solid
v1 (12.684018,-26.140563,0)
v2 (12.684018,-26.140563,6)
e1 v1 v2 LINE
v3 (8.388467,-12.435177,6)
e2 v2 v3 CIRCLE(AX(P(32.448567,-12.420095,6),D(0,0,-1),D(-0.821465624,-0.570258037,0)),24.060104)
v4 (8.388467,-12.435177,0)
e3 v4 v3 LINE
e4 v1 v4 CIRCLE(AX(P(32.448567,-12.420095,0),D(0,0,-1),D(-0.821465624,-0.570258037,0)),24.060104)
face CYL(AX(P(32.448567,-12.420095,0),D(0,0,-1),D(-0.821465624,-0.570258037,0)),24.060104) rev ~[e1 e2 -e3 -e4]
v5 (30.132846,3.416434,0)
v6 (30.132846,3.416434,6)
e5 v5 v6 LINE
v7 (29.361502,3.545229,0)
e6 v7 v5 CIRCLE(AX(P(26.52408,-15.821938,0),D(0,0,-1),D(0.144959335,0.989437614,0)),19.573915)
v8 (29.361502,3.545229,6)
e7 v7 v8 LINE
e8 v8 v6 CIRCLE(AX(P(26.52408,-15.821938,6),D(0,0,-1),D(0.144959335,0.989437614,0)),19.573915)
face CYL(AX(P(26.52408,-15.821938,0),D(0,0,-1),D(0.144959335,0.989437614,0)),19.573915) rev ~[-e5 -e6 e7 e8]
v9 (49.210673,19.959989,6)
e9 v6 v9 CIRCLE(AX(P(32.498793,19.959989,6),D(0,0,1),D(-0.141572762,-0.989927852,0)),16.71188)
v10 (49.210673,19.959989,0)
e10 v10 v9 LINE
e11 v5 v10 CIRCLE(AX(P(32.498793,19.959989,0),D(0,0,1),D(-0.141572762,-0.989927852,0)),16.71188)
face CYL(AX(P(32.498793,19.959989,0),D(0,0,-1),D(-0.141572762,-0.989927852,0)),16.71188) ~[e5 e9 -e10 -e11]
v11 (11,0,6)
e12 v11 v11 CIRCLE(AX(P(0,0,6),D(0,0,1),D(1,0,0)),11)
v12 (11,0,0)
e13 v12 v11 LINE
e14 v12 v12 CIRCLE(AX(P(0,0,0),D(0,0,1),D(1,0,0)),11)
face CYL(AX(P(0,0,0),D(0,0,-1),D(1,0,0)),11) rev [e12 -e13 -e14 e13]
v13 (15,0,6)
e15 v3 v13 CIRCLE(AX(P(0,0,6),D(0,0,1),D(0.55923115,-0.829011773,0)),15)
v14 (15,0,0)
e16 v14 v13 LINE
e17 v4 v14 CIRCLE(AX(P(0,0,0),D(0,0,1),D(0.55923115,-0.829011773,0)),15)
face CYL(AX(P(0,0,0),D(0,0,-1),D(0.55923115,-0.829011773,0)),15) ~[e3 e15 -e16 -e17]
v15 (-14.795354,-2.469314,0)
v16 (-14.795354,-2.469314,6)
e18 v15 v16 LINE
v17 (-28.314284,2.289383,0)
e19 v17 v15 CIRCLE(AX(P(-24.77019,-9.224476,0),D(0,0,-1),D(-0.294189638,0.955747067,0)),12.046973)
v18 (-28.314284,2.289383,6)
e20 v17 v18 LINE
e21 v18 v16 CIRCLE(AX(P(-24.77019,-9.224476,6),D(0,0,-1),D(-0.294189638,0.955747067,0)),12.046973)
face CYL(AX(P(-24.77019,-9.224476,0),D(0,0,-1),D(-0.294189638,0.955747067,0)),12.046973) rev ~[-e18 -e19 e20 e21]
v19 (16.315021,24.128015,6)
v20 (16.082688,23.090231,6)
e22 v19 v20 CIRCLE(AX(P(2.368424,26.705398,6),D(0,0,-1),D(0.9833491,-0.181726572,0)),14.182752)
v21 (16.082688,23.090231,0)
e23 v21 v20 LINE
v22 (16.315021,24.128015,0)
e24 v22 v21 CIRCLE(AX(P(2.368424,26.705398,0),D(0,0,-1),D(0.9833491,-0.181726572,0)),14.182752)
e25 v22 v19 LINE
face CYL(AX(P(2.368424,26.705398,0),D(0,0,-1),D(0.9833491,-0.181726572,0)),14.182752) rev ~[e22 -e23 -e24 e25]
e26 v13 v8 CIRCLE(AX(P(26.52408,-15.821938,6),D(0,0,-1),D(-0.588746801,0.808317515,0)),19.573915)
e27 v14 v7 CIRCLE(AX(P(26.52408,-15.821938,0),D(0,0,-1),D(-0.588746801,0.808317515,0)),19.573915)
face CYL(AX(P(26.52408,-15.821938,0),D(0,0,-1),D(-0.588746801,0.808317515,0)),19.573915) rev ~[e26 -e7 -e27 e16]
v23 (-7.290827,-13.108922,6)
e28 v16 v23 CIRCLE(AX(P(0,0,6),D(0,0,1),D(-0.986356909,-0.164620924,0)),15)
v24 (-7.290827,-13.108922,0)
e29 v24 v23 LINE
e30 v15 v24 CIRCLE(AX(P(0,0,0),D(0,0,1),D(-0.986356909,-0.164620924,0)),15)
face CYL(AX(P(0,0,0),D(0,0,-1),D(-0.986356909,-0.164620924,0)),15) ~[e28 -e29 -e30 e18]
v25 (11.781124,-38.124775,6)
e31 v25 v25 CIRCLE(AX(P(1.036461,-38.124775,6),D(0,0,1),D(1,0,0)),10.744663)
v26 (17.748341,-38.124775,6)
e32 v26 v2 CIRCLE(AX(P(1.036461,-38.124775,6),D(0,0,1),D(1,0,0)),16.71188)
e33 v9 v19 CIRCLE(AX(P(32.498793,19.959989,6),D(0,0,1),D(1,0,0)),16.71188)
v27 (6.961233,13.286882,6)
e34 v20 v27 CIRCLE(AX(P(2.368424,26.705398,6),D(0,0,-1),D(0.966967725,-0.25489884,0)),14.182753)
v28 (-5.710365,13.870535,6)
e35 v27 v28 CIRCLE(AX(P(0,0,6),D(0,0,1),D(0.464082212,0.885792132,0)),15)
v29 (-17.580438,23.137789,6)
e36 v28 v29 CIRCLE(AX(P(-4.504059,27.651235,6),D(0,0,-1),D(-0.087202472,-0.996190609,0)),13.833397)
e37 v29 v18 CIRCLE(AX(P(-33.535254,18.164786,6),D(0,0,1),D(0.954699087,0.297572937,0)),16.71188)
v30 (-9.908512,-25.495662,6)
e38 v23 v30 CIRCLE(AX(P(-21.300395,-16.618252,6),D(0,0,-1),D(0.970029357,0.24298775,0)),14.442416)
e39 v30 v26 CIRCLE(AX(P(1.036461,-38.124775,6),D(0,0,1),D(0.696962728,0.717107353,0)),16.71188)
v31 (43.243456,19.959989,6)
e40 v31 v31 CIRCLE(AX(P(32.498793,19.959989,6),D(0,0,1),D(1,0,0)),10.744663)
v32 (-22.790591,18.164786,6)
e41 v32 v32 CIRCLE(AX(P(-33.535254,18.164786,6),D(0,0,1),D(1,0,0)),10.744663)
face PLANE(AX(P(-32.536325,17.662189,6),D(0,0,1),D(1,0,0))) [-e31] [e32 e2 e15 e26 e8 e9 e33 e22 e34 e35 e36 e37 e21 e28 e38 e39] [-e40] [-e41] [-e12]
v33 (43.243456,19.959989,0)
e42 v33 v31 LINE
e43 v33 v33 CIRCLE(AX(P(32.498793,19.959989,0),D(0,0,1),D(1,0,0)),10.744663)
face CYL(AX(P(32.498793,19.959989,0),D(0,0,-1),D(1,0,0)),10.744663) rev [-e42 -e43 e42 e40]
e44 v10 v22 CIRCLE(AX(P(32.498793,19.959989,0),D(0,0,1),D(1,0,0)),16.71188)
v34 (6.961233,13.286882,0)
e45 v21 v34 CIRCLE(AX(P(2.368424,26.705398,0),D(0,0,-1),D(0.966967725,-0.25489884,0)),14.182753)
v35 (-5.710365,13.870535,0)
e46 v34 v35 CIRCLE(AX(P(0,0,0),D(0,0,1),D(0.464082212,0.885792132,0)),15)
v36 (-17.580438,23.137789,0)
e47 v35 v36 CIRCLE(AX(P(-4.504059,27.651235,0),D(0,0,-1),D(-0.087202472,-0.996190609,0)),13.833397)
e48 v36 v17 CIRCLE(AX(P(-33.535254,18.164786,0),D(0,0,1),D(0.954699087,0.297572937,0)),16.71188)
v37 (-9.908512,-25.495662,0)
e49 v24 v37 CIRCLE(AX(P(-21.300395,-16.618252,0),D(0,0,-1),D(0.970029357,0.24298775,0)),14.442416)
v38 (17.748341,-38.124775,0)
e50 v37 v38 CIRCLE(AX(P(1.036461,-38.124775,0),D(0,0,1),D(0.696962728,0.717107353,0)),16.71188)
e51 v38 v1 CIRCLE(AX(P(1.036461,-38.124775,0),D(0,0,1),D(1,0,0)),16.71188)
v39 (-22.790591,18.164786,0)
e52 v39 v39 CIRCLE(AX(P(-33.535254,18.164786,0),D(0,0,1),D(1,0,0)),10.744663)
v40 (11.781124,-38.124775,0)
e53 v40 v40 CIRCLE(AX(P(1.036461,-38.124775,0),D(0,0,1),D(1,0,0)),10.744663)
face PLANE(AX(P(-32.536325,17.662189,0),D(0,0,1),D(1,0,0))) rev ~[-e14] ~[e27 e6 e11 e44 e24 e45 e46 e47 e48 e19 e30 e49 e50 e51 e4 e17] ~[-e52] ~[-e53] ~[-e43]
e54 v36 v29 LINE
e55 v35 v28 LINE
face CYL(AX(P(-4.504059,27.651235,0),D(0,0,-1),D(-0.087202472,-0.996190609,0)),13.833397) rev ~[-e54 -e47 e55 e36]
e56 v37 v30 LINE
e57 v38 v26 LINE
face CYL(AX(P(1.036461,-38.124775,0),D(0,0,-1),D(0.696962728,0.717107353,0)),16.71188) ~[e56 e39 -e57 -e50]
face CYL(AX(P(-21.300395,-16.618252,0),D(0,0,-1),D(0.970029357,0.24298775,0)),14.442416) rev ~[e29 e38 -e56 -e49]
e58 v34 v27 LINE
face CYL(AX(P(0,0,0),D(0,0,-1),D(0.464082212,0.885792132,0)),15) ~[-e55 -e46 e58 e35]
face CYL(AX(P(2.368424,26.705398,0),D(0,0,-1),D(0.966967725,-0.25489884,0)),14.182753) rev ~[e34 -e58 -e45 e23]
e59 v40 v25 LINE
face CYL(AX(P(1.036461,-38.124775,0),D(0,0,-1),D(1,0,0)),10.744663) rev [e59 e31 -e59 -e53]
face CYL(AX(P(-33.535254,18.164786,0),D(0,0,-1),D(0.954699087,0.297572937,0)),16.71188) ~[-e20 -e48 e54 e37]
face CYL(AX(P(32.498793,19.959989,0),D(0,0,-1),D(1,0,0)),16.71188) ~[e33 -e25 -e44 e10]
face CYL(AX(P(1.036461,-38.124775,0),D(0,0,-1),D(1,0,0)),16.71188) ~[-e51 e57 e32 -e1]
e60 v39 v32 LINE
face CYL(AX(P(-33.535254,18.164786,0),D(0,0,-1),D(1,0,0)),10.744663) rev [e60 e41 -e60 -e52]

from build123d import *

# Parameters (mm, degrees)
F0_R     = 10.74466317
F0_R_2   = 11
F1_DEPTH = 6


with BuildPart() as f1:
    # F0 (on Top) → F1 (new body)
    with BuildSketch(Plane.XY):
        with BuildLine():
            ThreePointArc((-16.8233741569, 18.1647857973), (-17.0137240595, 20.6799351489), (-17.5804375602, 23.1377889189))
            ThreePointArc((-17.5804375602, 23.1377889189), (-48.3935000217, 25.8145860633), (-28.3142843523, 2.289383422))
            ThreePointArc((-28.3142843523, 2.289383422), (-19.9975447193, 8.3659412519), (-16.8233741569, 18.1647857973))
        make_face()
        with Locations((-33.5352538585, 18.1647857973)):
            Circle(F0_R, mode=Mode.SUBTRACT)
        with BuildLine():
            ThreePointArc((-14.7953536316, -2.469313855), (-13.1098736478, 7.2891160601), (-5.7103650862, 13.8705346177))
            ThreePointArc((-5.7103650862, 13.8705346177), (-13.0169474505, 16.7474006606), (-17.5804375602, 23.1377889189))
            ThreePointArc((-17.5804375602, 23.1377889189), (-17.0137240595, 20.6799351489), (-16.8233741569, 18.1647857973))
            ThreePointArc((-16.8233741569, 18.1647857973), (-19.9975447193, 8.3659412519), (-28.3142843523, 2.289383422))
            ThreePointArc((-28.3142843523, 2.289383422), (-20.7702010855, 2.1390471588), (-14.7953536316, -2.469313855))
        make_face()
        with BuildLine():
            ThreePointArc((8.3884672548, -12.4351766017), (13.2443763315, -7.0417679306), (15, 0))
            ThreePointArc((15, 0), (12.833910114, 7.764711919), (6.9612331753, 13.2868819773))
            ThreePointArc((6.9612331753, 13.2868819773), (0.6901668966, 14.9841139096), (-5.7103650862, 13.8705346177))
            ThreePointArc((-5.7103650862, 13.8705346177), (-13.1098736478, 7.2891160601), (-14.7953536316, -2.469313855))
            ThreePointArc((-14.7953536316, -2.469313855), (-12.2576572115, -8.6457989616), (-7.2908270092, -13.1089222105))
            ThreePointArc((-7.2908270092, -13.1089222105), (0.6439618106, -14.9861707313), (8.3884672548, -12.4351766017))
        make_face()
        Circle(F0_R_2, mode=Mode.SUBTRACT)
        with BuildLine():
            ThreePointArc((16.0826877207, 23.0902307774), (18.6754214777, 10.5684327575), (29.3615016394, 3.5452294455))
            ThreePointArc((29.3615016394, 3.5452294455), (29.7478170514, 3.484684072), (30.1328459127, 3.4164336823))
            ThreePointArc((30.1328459127, 3.4164336823), (43.4474800654, 7.3340959398), (49.2106725855, 19.9599888651))
            ThreePointArc((49.2106725855, 19.9599888651), (34.5994677182, 36.5393160047), (16.3150207128, 24.1280149535))
            ThreePointArc((16.3150207128, 24.1280149535), (16.208584728, 23.606944456), (16.0826877207, 23.0902307774))
        make_face()
        with Locations((32.498792884, 19.9599888651)):
            Circle(F0_R, mode=Mode.SUBTRACT)
        with BuildLine():
            ThreePointArc((6.9612331753, 13.2868819773), (12.833910114, 7.764711919), (15, 0))
            ThreePointArc((15, 0), (21.8329531222, 3.1815213335), (29.3615016394, 3.5452294455))
            ThreePointArc((29.3615016394, 3.5452294455), (18.6754214777, 10.5684327575), (16.0826877207, 23.0902307774))
            ThreePointArc((16.0826877207, 23.0902307774), (12.7517587681, 17.0442994805), (6.9612331753, 13.2868819773))
        make_face()
        with BuildLine():
            ThreePointArc((12.6840182421, -26.1405628461), (9.4897047134, -19.6158763492), (8.3884672548, -12.4351766017))
            ThreePointArc((8.3884672548, -12.4351766017), (0.6439618106, -14.9861707313), (-7.2908270092, -13.1089222105))
            ThreePointArc((-7.2908270092, -13.1089222105), (-7.1700639231, -19.6044102033), (-9.9085122444, -25.4956620888))
            ThreePointArc((-9.9085122444, -25.4956620888), (1.5133051137, -21.4196993011), (12.6840182421, -26.1405628461))
        make_face()
        with BuildLine():
            ThreePointArc((17.7483406761, -38.1247746624), (16.4302827715, -31.6196095113), (12.6840182421, -26.1405628461))
            ThreePointArc((12.6840182421, -26.1405628461), (1.5133051137, -21.4196993011), (-9.9085122444, -25.4956620888))
            ThreePointArc((-9.9085122444, -25.4956620888), (-5.9052912318, -53.3267153104), (17.7483406761, -38.1247746624))
        make_face()
        with Locations((1.0364609745, -38.1247746624)):
            Circle(F0_R, mode=Mode.SUBTRACT)
    extrude(amount=F1_DEPTH)


solid = f1.part
